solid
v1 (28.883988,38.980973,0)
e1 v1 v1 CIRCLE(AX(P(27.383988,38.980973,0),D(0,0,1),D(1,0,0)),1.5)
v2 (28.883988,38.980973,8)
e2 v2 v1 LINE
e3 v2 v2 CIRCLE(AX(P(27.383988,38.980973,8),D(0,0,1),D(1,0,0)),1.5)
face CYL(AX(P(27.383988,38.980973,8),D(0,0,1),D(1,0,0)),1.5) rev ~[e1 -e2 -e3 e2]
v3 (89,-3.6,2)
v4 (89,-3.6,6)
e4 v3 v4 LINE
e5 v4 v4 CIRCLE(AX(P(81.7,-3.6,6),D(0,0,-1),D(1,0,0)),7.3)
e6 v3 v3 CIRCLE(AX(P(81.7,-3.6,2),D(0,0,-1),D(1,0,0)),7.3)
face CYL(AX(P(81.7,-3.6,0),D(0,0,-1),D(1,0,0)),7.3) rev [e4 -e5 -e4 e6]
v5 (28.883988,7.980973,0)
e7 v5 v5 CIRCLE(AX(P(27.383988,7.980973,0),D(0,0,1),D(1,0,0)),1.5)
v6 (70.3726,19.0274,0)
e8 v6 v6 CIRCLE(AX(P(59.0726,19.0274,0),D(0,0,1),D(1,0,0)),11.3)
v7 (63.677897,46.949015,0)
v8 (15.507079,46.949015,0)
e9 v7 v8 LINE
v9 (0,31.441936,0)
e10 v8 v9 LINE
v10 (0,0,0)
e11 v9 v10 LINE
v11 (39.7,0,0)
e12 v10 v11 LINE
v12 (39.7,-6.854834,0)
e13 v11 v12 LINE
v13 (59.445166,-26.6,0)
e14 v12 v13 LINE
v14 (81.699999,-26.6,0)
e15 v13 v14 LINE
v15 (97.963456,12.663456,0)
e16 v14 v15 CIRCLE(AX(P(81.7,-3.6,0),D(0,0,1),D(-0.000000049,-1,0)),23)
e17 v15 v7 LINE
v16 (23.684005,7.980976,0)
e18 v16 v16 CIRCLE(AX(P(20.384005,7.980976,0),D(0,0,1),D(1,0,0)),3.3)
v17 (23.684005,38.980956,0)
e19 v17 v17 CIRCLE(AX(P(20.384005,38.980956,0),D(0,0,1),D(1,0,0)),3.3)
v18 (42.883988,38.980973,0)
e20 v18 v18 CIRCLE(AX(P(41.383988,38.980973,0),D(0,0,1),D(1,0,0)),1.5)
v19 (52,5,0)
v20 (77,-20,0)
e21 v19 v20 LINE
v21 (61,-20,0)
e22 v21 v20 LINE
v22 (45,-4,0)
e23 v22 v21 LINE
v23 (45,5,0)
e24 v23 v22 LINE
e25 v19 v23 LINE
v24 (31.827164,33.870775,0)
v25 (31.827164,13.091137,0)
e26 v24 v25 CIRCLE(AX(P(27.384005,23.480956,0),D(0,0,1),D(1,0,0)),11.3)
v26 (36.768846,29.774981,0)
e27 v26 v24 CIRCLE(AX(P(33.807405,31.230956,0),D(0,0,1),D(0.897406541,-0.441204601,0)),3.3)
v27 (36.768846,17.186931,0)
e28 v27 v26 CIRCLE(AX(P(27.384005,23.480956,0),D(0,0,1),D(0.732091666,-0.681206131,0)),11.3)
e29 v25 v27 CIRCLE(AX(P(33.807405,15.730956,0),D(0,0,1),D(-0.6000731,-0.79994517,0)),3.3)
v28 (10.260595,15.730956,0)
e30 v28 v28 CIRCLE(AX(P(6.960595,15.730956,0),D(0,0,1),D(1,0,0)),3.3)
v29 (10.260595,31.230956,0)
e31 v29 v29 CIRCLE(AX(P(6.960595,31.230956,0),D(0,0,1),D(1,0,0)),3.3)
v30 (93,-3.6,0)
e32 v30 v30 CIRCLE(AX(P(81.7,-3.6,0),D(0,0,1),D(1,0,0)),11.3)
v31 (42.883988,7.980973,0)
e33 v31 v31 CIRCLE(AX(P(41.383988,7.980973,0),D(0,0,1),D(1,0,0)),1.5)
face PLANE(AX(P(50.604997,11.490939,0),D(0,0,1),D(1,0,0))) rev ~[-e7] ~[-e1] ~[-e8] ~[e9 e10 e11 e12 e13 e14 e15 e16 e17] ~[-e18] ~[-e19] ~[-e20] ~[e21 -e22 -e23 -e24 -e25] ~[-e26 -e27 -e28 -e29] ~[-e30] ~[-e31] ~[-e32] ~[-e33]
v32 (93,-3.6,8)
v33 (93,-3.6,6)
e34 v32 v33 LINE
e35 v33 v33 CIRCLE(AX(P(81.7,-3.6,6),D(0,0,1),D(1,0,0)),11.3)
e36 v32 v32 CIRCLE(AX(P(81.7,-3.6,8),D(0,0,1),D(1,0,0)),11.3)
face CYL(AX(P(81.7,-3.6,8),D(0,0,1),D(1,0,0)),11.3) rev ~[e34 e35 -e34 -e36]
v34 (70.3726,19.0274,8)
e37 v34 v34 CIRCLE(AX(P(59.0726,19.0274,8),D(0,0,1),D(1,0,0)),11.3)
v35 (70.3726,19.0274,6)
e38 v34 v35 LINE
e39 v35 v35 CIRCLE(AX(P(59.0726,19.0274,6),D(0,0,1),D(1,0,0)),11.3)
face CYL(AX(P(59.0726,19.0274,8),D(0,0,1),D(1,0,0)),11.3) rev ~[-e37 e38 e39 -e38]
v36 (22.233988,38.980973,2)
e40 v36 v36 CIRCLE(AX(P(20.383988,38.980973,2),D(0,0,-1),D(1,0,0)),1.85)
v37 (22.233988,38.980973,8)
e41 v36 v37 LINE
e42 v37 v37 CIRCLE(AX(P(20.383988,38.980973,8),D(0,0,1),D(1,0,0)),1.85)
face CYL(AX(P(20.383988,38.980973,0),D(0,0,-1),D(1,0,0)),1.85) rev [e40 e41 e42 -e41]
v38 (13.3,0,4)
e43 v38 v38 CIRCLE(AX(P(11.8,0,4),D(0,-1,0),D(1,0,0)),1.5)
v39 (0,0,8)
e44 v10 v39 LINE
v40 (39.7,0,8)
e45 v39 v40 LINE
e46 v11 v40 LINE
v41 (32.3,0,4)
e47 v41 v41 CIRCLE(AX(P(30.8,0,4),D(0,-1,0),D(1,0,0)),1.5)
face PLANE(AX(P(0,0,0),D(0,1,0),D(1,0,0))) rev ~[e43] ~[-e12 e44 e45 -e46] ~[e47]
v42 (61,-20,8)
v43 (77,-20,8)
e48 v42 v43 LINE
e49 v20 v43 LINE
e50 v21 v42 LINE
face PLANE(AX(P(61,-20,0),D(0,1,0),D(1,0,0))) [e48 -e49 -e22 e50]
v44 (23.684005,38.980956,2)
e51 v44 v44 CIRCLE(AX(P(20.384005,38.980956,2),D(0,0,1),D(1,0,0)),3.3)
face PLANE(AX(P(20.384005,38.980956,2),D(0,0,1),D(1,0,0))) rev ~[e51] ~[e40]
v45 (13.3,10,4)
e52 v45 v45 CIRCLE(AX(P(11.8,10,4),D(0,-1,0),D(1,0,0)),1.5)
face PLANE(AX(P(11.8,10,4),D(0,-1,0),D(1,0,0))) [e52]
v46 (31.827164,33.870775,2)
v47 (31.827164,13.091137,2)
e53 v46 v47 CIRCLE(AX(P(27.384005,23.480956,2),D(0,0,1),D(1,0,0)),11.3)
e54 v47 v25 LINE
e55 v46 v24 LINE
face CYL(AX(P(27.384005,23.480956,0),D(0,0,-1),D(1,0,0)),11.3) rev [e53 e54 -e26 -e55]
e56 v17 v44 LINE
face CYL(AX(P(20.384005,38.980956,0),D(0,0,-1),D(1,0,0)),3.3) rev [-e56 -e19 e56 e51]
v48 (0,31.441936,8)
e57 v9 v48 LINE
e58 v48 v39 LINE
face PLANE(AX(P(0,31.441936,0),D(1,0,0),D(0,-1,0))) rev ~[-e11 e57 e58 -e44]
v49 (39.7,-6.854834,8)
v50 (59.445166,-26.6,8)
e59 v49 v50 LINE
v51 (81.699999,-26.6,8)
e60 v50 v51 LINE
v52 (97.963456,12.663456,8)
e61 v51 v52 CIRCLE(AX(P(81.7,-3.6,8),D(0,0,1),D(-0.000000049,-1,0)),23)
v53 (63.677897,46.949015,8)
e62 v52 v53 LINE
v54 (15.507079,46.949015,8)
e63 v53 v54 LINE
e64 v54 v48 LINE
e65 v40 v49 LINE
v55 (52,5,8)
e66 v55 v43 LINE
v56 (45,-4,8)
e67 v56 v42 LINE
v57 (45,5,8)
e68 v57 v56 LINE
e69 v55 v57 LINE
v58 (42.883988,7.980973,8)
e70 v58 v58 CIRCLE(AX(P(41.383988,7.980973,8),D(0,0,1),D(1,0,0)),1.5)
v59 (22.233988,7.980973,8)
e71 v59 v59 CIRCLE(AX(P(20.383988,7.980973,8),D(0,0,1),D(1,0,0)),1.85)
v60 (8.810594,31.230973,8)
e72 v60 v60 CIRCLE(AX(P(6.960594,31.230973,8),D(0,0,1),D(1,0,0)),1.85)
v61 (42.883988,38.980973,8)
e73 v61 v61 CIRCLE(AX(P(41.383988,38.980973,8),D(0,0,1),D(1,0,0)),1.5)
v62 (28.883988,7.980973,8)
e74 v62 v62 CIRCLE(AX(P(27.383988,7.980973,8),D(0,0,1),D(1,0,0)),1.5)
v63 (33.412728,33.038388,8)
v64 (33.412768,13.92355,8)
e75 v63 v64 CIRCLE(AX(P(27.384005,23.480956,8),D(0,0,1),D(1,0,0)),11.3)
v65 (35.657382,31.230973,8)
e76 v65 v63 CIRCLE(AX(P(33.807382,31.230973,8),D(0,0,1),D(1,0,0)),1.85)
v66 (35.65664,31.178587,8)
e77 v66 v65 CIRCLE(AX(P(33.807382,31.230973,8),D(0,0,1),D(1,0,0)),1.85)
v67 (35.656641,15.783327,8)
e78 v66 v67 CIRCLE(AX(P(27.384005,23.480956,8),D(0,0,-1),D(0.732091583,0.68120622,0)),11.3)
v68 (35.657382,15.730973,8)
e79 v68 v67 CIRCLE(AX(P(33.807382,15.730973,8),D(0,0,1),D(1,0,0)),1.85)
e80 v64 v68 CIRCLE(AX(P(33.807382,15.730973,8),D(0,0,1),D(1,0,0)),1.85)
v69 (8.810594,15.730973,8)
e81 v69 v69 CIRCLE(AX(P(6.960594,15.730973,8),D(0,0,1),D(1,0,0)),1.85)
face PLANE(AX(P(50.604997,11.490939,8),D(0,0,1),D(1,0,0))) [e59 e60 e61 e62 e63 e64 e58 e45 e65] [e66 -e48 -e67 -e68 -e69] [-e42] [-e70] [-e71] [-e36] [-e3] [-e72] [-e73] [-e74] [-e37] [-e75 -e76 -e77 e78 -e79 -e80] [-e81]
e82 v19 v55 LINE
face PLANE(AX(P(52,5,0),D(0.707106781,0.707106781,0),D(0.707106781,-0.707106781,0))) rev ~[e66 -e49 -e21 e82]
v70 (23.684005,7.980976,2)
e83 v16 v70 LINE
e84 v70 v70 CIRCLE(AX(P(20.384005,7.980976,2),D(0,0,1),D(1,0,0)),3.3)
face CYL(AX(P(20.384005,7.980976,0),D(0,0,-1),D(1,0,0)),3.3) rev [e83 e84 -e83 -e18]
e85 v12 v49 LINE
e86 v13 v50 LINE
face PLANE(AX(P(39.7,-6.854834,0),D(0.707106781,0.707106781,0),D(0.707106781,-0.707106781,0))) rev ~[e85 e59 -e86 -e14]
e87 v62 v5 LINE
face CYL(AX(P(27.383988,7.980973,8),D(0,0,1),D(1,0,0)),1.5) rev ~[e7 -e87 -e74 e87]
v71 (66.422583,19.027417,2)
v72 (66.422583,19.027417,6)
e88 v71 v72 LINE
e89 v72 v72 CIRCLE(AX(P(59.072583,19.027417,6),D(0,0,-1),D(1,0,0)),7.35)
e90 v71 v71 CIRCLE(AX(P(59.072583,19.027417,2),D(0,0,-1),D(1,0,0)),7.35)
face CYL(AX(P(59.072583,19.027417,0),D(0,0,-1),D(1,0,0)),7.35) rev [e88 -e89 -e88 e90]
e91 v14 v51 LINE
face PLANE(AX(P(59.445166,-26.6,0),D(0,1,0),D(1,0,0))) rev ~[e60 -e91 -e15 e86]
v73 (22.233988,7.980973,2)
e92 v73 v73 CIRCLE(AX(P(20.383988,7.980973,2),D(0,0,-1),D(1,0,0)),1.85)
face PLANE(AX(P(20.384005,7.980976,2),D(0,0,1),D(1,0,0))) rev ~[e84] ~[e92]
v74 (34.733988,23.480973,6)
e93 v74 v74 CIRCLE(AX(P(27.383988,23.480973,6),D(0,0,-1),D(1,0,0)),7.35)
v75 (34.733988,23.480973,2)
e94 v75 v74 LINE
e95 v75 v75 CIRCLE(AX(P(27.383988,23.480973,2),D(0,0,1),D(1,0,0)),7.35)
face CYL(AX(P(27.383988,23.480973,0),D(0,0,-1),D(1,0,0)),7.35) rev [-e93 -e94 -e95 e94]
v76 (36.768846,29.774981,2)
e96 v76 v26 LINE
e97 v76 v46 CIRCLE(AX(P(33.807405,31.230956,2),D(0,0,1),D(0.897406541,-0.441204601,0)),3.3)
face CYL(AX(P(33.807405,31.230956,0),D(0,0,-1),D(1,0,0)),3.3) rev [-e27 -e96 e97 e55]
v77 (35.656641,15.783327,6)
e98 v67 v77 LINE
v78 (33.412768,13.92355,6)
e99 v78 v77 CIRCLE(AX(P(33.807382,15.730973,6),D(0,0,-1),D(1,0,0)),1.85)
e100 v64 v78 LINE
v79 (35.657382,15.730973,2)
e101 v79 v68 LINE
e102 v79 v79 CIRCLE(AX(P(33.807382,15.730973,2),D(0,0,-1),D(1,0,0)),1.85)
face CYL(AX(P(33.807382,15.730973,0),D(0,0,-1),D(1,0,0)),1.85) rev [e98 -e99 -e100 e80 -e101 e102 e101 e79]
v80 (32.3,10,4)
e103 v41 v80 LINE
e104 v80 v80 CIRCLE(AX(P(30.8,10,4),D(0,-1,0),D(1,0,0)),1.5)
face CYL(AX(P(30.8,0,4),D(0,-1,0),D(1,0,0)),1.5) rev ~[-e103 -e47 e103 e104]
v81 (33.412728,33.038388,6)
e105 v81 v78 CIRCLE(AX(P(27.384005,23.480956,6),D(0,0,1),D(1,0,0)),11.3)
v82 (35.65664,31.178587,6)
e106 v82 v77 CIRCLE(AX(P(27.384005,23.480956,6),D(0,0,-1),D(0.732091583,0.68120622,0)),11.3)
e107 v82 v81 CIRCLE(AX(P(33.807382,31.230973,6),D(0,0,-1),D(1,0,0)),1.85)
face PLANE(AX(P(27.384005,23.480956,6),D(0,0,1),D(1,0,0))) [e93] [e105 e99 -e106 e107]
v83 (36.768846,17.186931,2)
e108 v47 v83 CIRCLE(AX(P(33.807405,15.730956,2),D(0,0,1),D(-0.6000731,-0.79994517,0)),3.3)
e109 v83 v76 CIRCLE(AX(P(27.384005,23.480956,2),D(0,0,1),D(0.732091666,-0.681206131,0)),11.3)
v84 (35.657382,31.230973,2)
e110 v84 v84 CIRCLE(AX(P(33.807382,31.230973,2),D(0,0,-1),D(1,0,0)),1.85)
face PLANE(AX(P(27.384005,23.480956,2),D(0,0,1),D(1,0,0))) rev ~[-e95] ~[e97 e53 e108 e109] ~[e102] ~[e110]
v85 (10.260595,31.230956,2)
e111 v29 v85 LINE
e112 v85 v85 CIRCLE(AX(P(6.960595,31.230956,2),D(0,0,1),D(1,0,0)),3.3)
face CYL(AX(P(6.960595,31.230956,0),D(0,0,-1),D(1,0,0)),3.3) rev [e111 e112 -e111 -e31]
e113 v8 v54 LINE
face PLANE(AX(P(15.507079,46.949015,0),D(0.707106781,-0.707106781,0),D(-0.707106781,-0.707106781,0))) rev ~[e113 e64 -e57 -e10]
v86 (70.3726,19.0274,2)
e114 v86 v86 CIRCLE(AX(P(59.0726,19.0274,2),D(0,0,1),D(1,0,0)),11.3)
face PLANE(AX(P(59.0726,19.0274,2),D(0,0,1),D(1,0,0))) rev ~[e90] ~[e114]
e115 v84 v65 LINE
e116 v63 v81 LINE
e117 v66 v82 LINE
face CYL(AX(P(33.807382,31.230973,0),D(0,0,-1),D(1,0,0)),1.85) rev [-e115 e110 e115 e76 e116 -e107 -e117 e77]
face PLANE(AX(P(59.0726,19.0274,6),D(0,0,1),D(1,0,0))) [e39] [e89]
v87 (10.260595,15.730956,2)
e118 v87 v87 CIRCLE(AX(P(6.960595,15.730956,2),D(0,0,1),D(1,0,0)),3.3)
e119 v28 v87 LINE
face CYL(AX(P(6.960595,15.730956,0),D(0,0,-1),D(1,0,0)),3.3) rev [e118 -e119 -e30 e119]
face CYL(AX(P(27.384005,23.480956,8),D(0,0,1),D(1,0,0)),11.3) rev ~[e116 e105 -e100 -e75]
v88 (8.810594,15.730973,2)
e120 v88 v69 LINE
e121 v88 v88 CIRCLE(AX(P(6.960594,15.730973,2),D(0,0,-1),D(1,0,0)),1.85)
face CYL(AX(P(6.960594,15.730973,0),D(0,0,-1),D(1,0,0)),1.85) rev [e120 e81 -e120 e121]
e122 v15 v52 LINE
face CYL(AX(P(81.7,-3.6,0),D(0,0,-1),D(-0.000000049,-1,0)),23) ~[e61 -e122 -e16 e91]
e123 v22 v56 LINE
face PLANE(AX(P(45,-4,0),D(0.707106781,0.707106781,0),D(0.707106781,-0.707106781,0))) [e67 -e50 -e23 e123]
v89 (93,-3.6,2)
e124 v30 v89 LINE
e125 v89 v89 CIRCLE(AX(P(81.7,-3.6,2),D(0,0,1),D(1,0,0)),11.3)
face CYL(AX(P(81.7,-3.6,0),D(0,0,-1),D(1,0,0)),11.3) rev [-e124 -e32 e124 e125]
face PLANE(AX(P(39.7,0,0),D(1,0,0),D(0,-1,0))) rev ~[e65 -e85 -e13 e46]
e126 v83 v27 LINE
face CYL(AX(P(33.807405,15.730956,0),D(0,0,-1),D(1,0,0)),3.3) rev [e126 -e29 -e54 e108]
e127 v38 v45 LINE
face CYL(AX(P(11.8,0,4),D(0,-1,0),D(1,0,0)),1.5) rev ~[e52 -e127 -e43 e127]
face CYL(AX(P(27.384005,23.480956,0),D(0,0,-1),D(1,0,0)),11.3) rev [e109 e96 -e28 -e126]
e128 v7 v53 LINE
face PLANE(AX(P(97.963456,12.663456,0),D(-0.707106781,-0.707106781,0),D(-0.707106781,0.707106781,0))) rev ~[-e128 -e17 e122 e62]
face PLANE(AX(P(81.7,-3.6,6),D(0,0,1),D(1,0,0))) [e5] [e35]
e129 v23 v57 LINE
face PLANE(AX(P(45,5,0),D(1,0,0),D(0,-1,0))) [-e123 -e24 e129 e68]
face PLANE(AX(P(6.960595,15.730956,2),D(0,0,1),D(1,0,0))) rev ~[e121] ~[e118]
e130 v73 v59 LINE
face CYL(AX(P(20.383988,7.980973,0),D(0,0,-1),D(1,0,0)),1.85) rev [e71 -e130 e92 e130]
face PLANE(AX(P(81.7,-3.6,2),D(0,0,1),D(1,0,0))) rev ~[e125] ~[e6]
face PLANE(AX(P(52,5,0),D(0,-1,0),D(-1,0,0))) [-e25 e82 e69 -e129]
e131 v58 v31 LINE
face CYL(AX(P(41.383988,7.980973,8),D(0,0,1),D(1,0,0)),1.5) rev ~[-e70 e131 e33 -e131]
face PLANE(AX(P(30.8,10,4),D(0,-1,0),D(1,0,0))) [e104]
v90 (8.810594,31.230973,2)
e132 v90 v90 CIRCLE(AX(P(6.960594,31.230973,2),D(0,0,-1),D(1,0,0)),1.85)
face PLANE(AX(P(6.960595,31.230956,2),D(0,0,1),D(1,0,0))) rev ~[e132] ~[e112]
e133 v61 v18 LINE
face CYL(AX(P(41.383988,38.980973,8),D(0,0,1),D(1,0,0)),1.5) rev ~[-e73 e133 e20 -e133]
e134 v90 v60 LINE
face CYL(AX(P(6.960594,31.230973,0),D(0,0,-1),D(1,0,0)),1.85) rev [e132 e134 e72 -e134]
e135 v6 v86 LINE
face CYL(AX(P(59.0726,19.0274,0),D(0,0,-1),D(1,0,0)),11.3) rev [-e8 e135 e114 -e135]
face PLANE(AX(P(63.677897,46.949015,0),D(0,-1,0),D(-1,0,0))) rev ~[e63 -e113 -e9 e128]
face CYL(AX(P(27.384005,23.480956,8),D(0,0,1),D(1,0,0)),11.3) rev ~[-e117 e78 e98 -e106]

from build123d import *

# Parameters (mm, degrees)
MODEL_R                  = 7.35
MODEL_R_2                = 7.3
MODEL_R_3                = 1.85
RESSALTO_EXTRUS_O1_DEPTH = 8
ESBO_O3_R                = 11.3
CORTE_EXTRUS_O1_DEPTH    = 2
ESBO_O4_R                = 11.3
CORTE_EXTRUS_O2_DEPTH    = 2
ESBO_O2_R                = 3.3
CORTE_EXTRUS_O4_DEPTH    = 2
ESBO_O6_R                = 1.5
CORTE_EXTRUS_O5_DEPTH    = 10
ESBO_O7_R                = 1.5
SUPOERTE_PLACA_DEPTH     = 9


with BuildPart() as part:
    # Model → Ressalto-extrusão1 (new body)
    with BuildSketch(Plane.XY):
        with BuildLine():
            Line((0, 0), (39, 0))
            Line((39, 0), (39.7, 0))
            Line((39.7, 0), (39.7, -6.854833996))
            Line((39.7, -6.854833996), (52.445166004, -19.6))
            Line((52.445166004, -19.6), (59.445166004, -26.6))
            Line((59.445166004, -26.6), (81.699998871, -26.6))
            ThreePointArc((81.699998871, -26.6), (102.949229032, -12.401719466), (97.963455967, 12.663455967))
            Line((97.963455967, 12.663455967), (63.677897161, 46.949014774))
            Line((63.677897161, 46.949014774), (50.111140335, 46.949014774))
            Line((50.111140335, 46.949014774), (15.50707852, 46.949014774))
            Line((15.50707852, 46.949014774), (0, 31.441936254))
            Line((0, 31.441936254), (0, 0))
        make_face()
        with Locations((59.072583002, 19.027416998)):
            Circle(MODEL_R, mode=Mode.SUBTRACT)
        with Locations((81.7, -3.6)):
            Circle(MODEL_R_2, mode=Mode.SUBTRACT)
        with Locations((6.960594046, 15.730973227)):
            Circle(MODEL_R_3, mode=Mode.SUBTRACT)
        with Locations((6.960594046, 31.230973227)):
            Circle(MODEL_R_3, mode=Mode.SUBTRACT)
        with Locations((20.383987804, 38.980973227)):
            Circle(MODEL_R_3, mode=Mode.SUBTRACT)
        with Locations((33.807381563, 31.230973227)):
            Circle(MODEL_R_3, mode=Mode.SUBTRACT)
        with Locations((33.807381563, 15.730973227)):
            Circle(MODEL_R_3, mode=Mode.SUBTRACT)
        with Locations((20.383987804, 7.980973227)):
            Circle(MODEL_R_3, mode=Mode.SUBTRACT)
        with Locations((27.383987804, 23.480973227)):
            Circle(MODEL_R, mode=Mode.SUBTRACT)
        Polygon((72, -15), (52, 5), (45, 5), (45, -4), (61, -20), (77, -20), align=None, mode=Mode.SUBTRACT)
    extrude(amount=RESSALTO_EXTRUS_O1_DEPTH)

    # Esboço3 → Corte-extrusão1 (cut)
    with BuildSketch(Plane.XY):
        with Locations((81.7, -3.6)):
            Circle(ESBO_O3_R)
        with Locations((59.0726, 19.0274)):
            Circle(ESBO_O3_R)
        with Locations((27.384004802, 23.480956229)):
            Circle(ESBO_O3_R)
    extrude(amount=CORTE_EXTRUS_O1_DEPTH, mode=Mode.SUBTRACT)

    # Esboço4 → Corte-extrusão2 (cut)
    with BuildSketch(Plane.XY.offset(8)):
        with Locations((81.7, -3.6)):
            Circle(ESBO_O4_R)
        with Locations((59.0726, 19.0274)):
            Circle(ESBO_O4_R)
        with Locations((27.384004802, 23.480956229)):
            Circle(ESBO_O4_R)
    extrude(amount=-CORTE_EXTRUS_O2_DEPTH, mode=Mode.SUBTRACT)

    # Esboço2 → Corte-extrusão4 (cut)
    with BuildSketch(Plane.XY):
        with Locations((6.960594802, 15.730956229)):
            Circle(ESBO_O2_R)
        with Locations((6.960594802, 31.230956229)):
            Circle(ESBO_O2_R)
        with Locations((33.807404802, 15.730956229)):
            Circle(ESBO_O2_R)
        with Locations((20.384004802, 38.980956229)):
            Circle(ESBO_O2_R)
        with Locations((33.807404802, 31.230956229)):
            Circle(ESBO_O2_R)
        with Locations((20.384004802, 7.980976229)):
            Circle(ESBO_O2_R)
    extrude(amount=CORTE_EXTRUS_O4_DEPTH, mode=Mode.SUBTRACT)

    # Esboço6 → Corte-extrusão5 (cut)
    with BuildSketch(Plane.XZ):
        with Locations((11.8, 4)):
            Circle(ESBO_O6_R)
        with Locations((30.8, 4)):
            Circle(ESBO_O6_R)
    extrude(amount=-CORTE_EXTRUS_O5_DEPTH, mode=Mode.SUBTRACT)

    # Esboço7 → supoerte_placa (cut, through all)
    with BuildSketch(Plane.XY.offset(8)):
        with Locations((27.383987804, 38.980973227)):
            Circle(ESBO_O7_R)
        with Locations((41.383987804, 38.980973227)):
            Circle(ESBO_O7_R)
        with Locations((41.383987804, 7.980973227)):
            Circle(ESBO_O7_R)
        with Locations((27.383987804, 7.980973227)):
            Circle(ESBO_O7_R)
    extrude(amount=-SUPOERTE_PLACA_DEPTH, mode=Mode.SUBTRACT)


solid = part.part
